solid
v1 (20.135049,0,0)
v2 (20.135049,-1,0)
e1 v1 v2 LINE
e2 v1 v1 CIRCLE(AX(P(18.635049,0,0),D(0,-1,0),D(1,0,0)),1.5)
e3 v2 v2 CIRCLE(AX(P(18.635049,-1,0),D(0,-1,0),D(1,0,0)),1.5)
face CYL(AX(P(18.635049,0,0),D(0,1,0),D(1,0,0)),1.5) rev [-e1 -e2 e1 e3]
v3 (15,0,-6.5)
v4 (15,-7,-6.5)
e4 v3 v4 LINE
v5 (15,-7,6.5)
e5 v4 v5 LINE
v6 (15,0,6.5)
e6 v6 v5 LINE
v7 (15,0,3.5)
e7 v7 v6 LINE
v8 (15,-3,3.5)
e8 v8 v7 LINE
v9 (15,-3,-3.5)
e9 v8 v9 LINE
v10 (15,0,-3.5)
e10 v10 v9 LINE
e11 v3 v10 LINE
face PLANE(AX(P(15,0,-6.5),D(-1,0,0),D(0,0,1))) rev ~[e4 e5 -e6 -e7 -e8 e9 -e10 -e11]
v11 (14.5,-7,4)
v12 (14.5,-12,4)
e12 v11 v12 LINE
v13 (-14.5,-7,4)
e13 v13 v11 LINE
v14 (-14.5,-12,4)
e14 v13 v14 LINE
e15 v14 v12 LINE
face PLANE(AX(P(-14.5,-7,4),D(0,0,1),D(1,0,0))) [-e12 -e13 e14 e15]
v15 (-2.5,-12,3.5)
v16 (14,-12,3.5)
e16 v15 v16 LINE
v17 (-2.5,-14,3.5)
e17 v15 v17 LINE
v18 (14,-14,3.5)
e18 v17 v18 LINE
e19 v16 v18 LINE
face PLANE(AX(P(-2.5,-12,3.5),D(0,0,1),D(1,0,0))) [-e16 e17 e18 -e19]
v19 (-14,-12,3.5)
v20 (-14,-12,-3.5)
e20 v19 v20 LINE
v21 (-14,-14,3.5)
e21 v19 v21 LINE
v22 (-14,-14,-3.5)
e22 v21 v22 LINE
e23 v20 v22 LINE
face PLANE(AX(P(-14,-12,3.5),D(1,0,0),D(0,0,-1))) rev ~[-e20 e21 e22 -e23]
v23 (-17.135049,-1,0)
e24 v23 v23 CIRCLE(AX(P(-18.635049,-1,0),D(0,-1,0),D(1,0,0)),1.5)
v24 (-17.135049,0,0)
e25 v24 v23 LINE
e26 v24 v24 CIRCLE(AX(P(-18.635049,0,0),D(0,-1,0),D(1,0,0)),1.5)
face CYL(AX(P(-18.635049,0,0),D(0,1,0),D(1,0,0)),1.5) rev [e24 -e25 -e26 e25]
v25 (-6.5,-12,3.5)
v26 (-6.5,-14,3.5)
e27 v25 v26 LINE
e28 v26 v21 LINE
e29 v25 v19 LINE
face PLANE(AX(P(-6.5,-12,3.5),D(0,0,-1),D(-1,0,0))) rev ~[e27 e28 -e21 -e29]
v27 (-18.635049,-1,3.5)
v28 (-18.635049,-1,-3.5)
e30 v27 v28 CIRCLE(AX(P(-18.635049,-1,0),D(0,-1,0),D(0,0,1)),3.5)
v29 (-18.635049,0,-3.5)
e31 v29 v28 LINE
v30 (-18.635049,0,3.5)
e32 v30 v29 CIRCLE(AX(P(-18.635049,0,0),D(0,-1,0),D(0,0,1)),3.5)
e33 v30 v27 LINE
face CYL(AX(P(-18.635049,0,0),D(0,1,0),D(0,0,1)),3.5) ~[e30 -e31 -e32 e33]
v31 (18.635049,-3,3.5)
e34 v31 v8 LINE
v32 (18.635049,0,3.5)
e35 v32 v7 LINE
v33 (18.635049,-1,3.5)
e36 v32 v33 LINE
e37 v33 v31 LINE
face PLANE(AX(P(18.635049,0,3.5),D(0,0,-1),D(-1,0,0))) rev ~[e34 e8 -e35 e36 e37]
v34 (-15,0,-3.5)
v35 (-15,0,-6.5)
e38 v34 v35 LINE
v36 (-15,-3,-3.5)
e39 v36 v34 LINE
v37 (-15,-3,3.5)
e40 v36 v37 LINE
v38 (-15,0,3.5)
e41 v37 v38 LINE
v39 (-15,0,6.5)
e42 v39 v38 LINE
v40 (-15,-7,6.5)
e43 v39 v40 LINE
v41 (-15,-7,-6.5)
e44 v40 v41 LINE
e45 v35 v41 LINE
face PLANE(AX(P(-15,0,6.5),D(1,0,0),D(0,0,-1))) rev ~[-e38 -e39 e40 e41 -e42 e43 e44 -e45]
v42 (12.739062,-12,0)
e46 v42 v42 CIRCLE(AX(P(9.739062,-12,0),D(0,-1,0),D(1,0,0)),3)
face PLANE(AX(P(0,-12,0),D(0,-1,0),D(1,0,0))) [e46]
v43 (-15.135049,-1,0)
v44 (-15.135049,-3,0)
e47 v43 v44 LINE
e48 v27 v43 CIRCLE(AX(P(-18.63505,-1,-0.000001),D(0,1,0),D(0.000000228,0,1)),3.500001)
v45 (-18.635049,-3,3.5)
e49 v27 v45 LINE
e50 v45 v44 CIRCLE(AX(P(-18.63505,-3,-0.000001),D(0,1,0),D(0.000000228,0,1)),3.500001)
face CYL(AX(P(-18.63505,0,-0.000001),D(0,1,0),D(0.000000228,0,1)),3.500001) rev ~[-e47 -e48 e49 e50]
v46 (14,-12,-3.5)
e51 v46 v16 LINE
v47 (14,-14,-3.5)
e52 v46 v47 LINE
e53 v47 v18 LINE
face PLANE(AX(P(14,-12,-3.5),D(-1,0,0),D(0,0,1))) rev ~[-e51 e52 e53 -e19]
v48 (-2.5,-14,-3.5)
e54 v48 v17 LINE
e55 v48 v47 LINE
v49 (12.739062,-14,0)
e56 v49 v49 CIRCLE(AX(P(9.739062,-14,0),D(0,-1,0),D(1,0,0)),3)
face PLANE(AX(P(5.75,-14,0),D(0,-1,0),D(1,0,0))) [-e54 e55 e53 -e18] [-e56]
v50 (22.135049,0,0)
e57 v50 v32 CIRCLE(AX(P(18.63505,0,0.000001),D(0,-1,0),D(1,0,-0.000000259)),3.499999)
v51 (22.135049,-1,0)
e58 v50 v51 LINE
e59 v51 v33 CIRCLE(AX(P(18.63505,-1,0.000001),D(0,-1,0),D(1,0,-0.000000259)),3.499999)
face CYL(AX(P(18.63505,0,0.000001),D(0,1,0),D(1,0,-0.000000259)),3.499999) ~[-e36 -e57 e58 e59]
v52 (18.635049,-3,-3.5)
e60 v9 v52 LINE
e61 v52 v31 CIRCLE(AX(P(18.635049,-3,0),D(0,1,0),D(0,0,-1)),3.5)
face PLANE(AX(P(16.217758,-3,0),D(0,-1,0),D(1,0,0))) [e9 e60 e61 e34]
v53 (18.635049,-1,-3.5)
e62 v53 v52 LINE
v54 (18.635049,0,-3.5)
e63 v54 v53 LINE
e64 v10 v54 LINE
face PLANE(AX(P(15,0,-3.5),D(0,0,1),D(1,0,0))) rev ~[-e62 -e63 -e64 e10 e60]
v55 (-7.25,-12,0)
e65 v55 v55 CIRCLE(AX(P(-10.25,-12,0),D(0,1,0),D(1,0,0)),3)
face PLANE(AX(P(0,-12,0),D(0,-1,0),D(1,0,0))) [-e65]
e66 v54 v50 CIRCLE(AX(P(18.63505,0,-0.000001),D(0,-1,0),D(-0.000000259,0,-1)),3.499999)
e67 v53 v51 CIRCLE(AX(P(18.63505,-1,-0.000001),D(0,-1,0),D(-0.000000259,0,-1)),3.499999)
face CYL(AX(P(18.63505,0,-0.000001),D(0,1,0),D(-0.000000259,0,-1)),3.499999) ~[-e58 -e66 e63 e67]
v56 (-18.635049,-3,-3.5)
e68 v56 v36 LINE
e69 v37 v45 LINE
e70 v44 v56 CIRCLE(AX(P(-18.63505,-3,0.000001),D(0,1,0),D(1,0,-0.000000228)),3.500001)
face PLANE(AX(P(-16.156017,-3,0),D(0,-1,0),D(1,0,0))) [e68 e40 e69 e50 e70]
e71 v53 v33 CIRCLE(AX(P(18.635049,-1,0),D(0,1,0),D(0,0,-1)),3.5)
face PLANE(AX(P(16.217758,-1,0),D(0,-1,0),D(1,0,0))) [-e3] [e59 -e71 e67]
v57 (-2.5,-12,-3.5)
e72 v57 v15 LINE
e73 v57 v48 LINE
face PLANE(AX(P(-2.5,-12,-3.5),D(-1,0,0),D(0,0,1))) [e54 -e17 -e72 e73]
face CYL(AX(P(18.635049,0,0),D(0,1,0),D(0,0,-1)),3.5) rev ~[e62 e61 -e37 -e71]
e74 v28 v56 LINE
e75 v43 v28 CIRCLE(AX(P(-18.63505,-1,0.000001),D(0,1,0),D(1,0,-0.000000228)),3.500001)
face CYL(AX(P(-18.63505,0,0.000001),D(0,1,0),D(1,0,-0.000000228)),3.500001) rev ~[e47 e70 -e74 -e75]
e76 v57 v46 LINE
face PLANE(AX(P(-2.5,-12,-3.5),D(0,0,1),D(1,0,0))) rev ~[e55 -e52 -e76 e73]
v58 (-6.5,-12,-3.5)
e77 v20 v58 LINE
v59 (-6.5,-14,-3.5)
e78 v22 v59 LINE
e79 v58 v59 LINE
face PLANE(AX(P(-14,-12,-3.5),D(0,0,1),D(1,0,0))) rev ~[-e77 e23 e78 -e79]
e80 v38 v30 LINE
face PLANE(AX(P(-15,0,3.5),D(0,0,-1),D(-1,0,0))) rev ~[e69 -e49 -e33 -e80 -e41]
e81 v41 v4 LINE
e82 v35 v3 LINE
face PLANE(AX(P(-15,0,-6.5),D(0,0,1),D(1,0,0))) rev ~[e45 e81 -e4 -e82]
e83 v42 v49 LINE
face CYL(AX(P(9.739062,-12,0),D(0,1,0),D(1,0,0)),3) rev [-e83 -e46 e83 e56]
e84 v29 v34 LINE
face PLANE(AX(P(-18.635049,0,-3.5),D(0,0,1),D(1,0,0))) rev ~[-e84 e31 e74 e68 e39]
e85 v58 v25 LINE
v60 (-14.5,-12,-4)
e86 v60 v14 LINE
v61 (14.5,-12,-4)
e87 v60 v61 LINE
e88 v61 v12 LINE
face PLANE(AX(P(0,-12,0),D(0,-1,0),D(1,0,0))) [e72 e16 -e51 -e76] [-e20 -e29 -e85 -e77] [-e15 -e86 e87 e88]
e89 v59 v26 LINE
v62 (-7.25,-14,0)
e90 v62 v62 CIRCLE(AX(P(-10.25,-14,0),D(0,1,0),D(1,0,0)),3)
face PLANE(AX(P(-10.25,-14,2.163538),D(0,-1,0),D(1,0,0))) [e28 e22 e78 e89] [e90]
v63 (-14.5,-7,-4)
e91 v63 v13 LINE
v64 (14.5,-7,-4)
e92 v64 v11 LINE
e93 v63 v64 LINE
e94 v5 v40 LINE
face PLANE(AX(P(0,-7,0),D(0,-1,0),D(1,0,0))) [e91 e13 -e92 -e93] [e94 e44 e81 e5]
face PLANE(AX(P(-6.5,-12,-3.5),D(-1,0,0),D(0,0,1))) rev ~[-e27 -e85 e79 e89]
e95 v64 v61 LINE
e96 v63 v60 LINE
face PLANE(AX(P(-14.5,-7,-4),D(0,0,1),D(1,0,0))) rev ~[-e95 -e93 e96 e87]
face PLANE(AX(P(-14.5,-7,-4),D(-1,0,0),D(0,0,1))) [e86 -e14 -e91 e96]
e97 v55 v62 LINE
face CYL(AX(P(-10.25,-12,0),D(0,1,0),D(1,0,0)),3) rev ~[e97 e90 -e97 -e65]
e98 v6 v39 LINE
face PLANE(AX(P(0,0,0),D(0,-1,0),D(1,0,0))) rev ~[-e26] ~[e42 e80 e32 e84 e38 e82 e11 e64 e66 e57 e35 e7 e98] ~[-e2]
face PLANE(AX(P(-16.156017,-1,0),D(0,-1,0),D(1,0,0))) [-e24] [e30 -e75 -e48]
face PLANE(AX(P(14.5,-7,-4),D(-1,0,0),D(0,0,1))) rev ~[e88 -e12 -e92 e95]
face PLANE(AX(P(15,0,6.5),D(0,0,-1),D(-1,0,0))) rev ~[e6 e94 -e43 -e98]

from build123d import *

# Parameters (mm, degrees)
F1_DEPTH = 7
F2_W     = 29
F2_H     = 8
F3_DEPTH = 5
F4_W     = 16.5
F4_H     = 7
F4_R     = 3
F5_DEPTH = 2
F0_R     = 1.5
F6_DEPTH = 1
F7_DEPTH = 3


with BuildPart() as f1:
    # F0 (on Front) → F1 (new body)
    with BuildSketch(Plane.XZ):
        Polygon((15, 3.5), (15, 6.5), (-15, 6.5), (-15, 3.5), (-15, -3.5), (-15, -6.5), (15, -6.5), (15, -3.5), align=None)
    extrude(amount=F1_DEPTH)

    # F2 (on face) → F3 (join)
    with BuildSketch(Plane.XZ.offset(7)):
        Rectangle(F2_W, F2_H)
    extrude(amount=F3_DEPTH)

    # F4 (on face) → F5 (join)
    with BuildSketch(Plane.XZ.offset(12)):
        with BuildLine():
            Line((-6.5, 3.5), (-14, 3.5))
            Line((-14, 3.5), (-14, 0))
            Line((-14, 0), (-13.25, 0))
            ThreePointArc((-13.25, 0), (-10.25, 3), (-7.25, 0))
            Line((-7.25, 0), (-6.5, 0))
            Line((-6.5, 0), (-6.5, 3.5))
        make_face()
        with BuildLine():
            Line((-13.25, 0), (-14, 0))
            Line((-14, 0), (-14, -3.5))
            Line((-14, -3.5), (-6.5, -3.5))
            Line((-6.5, -3.5), (-6.5, 0))
            Line((-6.5, 0), (-7.25, 0))
            ThreePointArc((-7.25, 0), (-10.25, -3), (-13.25, 0))
        make_face()
        with Locations((5.75, 0)):
            Rectangle(F4_W, F4_H)
        with Locations((9.739062, 0)):
            Circle(F4_R, mode=Mode.SUBTRACT)
    extrude(amount=F5_DEPTH)

    # F0 (on Front) → F6 (join)
    with BuildSketch(Plane.XZ):
        with BuildLine():
            Line((-15, -3.5), (-15, 3.5))
            Line((-15, 3.5), (-18.635049, 3.5))
            ThreePointArc((-18.635049, 3.5), (-16.160176, 2.474874), (-15.135049, 0))
            ThreePointArc((-15.135049, 0), (-16.160176, -2.474874), (-18.635049, -3.5))
            Line((-18.635049, -3.5), (-15, -3.5))
        make_face()
        with BuildLine():
            Line((18.635049, 3.5), (15, 3.5))
            Line((15, 3.5), (15, -3.5))
            Line((15, -3.5), (18.635049, -3.5))
            ThreePointArc((18.635049, -3.5), (15.135049, 0), (18.635049, 3.5))
        make_face()
        with BuildLine():
            ThreePointArc((-15.135049, 0), (-16.160176, 2.474874), (-18.635049, 3.5))
            ThreePointArc((-18.635049, 3.5), (-22.135049, 0), (-18.635049, -3.5))
            ThreePointArc((-18.635049, -3.5), (-16.160176, -2.474874), (-15.135049, 0))
        make_face()
        with Locations((-18.635049, 0)):
            Circle(F0_R, mode=Mode.SUBTRACT)
        with BuildLine():
            ThreePointArc((22.135049, 0), (21.109923, 2.474874), (18.635049, 3.5))
            ThreePointArc((18.635049, 3.5), (15.135049, 0), (18.635049, -3.5))
            ThreePointArc((18.635049, -3.5), (21.109923, -2.474874), (22.135049, 0))
        make_face()
        with Locations((18.635049, 0)):
            Circle(F0_R, mode=Mode.SUBTRACT)
    extrude(amount=F6_DEPTH)

    # F0 (on Front) → F7 (join)
    with BuildSketch(Plane.XZ):
        with BuildLine():
            Line((-15, -3.5), (-15, 3.5))
            Line((-15, 3.5), (-18.635049, 3.5))
            ThreePointArc((-18.635049, 3.5), (-16.160176, 2.474874), (-15.135049, 0))
            ThreePointArc((-15.135049, 0), (-16.160176, -2.474874), (-18.635049, -3.5))
            Line((-18.635049, -3.5), (-15, -3.5))
        make_face()
        with BuildLine():
            Line((18.635049, 3.5), (15, 3.5))
            Line((15, 3.5), (15, -3.5))
            Line((15, -3.5), (18.635049, -3.5))
            ThreePointArc((18.635049, -3.5), (15.135049, 0), (18.635049, 3.5))
        make_face()
    extrude(amount=F7_DEPTH)


solid = f1.part
